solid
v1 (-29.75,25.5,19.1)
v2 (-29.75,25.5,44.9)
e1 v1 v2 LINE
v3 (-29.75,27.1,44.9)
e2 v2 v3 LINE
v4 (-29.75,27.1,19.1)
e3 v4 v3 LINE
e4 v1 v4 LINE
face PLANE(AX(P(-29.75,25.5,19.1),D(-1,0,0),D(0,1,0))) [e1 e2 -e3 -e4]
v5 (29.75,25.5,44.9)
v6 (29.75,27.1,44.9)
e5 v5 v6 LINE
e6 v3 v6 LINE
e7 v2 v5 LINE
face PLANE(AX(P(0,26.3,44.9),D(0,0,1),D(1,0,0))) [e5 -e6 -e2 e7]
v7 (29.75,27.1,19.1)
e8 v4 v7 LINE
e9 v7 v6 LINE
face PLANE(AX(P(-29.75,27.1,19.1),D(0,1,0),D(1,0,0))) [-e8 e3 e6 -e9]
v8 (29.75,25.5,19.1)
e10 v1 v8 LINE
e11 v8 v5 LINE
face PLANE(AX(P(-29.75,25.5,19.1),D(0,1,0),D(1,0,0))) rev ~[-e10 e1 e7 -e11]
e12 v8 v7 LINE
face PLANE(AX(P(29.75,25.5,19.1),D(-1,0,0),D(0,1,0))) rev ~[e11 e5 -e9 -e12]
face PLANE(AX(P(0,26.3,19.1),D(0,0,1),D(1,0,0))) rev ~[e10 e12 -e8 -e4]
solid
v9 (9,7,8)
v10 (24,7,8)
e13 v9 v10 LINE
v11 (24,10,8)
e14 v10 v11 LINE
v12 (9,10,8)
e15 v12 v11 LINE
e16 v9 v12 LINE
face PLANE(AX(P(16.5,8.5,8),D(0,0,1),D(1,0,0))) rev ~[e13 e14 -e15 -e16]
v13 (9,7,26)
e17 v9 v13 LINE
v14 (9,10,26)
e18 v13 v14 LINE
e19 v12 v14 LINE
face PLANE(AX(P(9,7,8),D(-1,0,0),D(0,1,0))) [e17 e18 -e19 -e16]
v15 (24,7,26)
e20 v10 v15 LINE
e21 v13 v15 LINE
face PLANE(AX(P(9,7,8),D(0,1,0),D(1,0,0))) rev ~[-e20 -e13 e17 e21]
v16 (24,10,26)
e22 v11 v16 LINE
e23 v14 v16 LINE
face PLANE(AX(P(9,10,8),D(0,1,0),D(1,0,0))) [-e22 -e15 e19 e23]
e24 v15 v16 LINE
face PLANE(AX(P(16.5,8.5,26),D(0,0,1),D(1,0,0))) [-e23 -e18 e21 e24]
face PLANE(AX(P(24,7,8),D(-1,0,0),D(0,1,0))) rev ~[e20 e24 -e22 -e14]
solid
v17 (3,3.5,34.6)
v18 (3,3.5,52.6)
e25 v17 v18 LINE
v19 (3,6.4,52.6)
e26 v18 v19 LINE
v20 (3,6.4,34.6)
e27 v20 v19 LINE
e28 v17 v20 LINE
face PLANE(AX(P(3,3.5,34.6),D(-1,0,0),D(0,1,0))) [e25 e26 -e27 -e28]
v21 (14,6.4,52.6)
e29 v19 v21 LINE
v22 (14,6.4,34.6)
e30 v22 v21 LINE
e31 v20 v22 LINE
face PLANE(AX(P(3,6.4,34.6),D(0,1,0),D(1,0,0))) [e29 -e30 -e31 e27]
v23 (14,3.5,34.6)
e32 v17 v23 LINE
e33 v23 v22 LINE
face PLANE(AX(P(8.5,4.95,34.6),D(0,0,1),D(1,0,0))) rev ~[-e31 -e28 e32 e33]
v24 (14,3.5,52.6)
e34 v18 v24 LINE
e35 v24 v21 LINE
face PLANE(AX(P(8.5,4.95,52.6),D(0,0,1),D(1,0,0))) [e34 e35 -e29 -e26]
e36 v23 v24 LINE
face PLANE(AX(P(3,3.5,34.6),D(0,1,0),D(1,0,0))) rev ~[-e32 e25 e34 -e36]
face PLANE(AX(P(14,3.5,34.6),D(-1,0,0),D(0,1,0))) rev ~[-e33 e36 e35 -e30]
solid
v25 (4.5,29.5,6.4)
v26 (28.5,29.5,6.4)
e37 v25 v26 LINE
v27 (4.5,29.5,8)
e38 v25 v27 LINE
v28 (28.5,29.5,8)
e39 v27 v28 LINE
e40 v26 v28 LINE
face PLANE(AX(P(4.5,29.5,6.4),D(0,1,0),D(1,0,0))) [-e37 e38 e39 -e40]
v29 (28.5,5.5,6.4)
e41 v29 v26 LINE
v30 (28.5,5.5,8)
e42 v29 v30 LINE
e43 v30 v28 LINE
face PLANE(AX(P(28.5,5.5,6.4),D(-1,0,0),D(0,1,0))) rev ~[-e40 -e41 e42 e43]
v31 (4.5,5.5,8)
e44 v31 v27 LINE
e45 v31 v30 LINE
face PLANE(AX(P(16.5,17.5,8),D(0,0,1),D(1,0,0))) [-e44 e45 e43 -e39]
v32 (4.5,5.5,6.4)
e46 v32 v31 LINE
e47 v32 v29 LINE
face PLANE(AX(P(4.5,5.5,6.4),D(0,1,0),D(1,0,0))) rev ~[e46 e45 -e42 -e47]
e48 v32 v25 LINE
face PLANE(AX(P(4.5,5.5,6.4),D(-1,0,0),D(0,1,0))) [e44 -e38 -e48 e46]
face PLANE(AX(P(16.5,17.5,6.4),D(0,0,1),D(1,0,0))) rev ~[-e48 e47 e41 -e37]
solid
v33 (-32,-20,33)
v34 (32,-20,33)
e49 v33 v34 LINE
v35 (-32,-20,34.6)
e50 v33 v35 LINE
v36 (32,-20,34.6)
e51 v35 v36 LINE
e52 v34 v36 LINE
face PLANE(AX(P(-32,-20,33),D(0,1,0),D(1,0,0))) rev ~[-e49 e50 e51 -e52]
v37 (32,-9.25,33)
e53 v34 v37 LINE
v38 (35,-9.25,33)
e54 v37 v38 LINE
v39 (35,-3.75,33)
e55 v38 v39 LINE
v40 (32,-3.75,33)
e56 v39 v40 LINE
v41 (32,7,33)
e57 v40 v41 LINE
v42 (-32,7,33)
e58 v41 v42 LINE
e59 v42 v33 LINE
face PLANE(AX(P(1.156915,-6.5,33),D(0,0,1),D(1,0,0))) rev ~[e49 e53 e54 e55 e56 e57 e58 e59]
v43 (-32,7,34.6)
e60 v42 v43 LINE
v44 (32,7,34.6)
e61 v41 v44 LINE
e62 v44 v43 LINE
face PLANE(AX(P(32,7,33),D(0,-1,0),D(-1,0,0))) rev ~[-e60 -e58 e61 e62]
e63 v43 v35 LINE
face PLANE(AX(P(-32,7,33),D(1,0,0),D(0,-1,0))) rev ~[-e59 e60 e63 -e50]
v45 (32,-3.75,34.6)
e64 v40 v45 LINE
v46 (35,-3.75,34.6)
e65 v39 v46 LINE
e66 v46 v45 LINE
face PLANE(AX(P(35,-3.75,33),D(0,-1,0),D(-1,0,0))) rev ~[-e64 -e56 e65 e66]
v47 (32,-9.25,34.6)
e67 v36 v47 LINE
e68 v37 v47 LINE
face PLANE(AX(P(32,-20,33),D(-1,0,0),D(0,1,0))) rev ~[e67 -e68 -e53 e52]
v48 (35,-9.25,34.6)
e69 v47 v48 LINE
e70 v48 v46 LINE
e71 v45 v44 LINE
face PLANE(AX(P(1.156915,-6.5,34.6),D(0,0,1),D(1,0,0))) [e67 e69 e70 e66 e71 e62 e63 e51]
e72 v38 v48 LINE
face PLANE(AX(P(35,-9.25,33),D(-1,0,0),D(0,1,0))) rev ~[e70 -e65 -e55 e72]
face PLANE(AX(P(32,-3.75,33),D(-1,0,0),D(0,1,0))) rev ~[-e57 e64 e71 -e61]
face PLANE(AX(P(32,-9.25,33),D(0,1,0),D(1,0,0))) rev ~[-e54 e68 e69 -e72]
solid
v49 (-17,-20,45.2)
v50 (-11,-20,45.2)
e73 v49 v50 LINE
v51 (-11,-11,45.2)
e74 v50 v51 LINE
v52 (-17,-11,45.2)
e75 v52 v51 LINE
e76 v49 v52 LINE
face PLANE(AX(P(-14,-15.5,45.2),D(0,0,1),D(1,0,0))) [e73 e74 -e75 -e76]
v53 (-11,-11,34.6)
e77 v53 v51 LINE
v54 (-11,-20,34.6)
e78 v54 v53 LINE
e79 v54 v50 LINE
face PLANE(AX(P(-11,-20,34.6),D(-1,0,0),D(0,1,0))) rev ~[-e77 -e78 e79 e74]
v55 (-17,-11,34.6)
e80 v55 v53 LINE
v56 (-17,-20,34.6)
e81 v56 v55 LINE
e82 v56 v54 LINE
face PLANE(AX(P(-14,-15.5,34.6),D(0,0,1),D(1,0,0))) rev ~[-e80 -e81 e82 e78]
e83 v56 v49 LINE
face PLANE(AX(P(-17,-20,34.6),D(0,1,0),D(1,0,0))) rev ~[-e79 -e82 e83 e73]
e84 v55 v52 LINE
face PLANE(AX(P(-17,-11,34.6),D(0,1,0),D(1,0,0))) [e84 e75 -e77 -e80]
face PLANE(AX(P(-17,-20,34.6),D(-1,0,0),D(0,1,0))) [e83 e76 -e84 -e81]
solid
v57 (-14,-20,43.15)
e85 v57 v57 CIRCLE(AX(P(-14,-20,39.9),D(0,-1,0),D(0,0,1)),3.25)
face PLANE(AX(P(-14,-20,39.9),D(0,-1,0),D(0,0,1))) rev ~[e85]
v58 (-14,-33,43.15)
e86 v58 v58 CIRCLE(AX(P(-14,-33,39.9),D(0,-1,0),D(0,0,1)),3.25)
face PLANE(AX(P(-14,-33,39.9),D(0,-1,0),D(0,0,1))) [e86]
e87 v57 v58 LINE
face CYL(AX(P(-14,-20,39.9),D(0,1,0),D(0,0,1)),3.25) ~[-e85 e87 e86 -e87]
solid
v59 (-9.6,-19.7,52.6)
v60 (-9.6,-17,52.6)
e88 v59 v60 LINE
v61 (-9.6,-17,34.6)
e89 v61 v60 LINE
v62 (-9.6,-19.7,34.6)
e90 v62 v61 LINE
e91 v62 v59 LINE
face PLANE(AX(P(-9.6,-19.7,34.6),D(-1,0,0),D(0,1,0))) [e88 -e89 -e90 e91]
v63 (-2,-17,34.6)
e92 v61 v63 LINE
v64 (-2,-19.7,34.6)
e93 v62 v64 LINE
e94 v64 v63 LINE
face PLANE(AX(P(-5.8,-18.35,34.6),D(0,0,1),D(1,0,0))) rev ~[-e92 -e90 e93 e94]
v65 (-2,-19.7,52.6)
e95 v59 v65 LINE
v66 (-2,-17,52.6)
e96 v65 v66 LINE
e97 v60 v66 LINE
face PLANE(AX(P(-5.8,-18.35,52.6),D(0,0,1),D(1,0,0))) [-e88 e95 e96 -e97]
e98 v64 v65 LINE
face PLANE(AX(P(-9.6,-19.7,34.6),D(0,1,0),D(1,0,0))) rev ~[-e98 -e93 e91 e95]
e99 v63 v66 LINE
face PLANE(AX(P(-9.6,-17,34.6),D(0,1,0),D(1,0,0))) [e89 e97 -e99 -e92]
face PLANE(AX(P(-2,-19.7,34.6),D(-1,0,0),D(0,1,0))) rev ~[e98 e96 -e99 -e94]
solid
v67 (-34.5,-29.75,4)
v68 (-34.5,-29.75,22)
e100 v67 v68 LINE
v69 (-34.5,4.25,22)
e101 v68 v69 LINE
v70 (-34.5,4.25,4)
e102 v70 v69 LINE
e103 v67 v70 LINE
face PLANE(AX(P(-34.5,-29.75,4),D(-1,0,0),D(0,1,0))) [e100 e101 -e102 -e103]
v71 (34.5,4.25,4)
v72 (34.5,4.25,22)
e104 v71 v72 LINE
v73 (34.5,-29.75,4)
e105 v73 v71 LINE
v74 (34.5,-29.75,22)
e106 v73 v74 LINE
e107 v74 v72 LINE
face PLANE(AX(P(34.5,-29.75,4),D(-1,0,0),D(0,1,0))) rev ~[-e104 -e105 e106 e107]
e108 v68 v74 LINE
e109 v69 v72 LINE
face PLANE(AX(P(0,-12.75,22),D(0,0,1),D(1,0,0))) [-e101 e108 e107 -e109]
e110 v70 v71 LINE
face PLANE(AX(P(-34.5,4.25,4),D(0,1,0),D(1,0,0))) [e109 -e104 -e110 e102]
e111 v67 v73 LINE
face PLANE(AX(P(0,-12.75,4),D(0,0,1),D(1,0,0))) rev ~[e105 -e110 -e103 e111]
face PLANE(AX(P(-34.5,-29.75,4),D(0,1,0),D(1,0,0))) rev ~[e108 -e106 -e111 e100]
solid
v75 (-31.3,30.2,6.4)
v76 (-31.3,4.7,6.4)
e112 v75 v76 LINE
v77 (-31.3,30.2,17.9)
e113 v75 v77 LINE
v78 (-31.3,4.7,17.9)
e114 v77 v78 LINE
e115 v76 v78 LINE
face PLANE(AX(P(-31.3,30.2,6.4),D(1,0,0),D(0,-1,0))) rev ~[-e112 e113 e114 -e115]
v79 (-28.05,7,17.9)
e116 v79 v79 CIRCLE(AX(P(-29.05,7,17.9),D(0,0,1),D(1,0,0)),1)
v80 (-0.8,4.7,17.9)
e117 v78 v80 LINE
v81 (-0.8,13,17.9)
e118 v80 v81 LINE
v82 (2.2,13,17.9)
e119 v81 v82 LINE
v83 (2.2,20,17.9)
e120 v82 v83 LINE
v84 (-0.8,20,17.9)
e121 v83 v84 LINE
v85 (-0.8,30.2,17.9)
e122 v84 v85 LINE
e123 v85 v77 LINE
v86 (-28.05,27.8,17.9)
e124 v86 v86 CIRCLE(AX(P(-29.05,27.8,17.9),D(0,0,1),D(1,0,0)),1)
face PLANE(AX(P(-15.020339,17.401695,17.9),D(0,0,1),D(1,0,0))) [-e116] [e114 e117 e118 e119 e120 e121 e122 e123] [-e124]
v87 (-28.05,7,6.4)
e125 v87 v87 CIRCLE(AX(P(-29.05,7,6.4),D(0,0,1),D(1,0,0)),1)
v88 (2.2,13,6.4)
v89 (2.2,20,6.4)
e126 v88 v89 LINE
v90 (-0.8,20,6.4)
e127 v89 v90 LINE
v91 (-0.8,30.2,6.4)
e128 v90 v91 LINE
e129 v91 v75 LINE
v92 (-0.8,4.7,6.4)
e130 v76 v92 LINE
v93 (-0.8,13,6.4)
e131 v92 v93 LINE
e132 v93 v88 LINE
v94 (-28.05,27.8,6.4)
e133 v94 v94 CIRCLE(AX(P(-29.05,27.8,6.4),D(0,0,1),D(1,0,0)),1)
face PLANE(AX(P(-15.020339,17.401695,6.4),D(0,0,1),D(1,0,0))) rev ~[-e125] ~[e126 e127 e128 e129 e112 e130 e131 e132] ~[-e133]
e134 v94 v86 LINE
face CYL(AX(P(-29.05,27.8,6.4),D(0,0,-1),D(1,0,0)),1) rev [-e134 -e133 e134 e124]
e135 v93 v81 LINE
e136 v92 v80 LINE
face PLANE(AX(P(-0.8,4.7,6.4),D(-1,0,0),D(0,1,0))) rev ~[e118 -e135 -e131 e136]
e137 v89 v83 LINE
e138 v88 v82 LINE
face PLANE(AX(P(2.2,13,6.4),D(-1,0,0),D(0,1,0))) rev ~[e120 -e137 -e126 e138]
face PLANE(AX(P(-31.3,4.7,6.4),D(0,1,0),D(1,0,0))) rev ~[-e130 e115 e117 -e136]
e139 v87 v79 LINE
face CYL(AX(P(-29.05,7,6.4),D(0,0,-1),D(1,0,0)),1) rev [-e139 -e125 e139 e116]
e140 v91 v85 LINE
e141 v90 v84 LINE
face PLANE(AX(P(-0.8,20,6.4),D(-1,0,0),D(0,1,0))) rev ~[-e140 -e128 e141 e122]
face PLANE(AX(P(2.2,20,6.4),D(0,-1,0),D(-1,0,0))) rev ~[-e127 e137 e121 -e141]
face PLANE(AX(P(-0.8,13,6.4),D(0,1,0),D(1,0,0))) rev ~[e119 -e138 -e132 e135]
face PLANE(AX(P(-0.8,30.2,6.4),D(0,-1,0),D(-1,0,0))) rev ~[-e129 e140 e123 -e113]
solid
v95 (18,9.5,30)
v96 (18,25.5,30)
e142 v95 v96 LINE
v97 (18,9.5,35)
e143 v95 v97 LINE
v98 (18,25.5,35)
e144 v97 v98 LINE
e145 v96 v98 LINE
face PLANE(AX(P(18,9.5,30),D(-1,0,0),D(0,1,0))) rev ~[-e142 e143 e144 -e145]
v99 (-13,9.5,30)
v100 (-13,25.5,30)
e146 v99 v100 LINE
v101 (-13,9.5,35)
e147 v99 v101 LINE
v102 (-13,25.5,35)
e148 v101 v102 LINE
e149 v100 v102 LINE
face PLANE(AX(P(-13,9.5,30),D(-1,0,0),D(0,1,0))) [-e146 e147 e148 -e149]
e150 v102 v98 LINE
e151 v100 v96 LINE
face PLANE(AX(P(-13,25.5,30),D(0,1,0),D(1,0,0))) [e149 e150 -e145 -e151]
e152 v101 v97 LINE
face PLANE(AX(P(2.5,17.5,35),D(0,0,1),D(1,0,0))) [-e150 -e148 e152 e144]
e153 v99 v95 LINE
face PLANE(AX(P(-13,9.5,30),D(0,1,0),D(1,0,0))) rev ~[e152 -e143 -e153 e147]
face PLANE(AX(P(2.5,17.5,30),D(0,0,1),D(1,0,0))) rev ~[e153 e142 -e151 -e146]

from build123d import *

# Parameters (mm, degrees)
BATTERY_START                               = 4
BATTERY_HOLDER_69_X_34_X_18_PROFILE_W       = 69
BATTERY_HOLDER_69_X_34_X_18_PROFILE_H       = 34
BATTERY_HOLDER_69_X_34_X_18_DEPTH           = 18
YBX_START                                   = 6.4
YBX_BOARD_24_X_24_PROFILE_W                 = 24
YBX_BOARD_24_X_24_PROFILE_H                 = 24
YBX_BOARD_24_X_24_DEPTH                     = 1.6
YBX_START_2                                 = 8
YBX_JUMPER_ALLOWANCE_PROFILE_W              = 15
YBX_JUMPER_ALLOWANCE_PROFILE_H              = 3
YBX_JUMPER_ALLOWANCE_DEPTH                  = 18
GNSS_START                                  = 6.4
GNSS_11_5_MM_HIGH_3_MM_PROJECTION_2_R       = 1
GNSS_11_5_MM_HIGH_3_MM_PROJECTION_D2_DEPTH  = 11.5
POWER_START                                 = 19.1
POWER_BOARD_59_5_X_25_8_PROFILE_W           = 59.5
POWER_BOARD_59_5_X_25_8_PROFILE_H           = 1.6
POWER_BOARD_59_5_X_25_8_DEPTH               = 25.8
POWER_START_2                               = 30
POWER_HORIZONTAL_CONNECTOR_ALLOWANCE_PRO_W  = 31
POWER_HORIZONTAL_CONNECTOR_ALLOWANCE_PRO_H  = 16
POWER_HORIZONTAL_CONNECTOR_ALLOWANCE_DEPTH  = 5
EORA_START                                  = 33
EORA_64_X_27_TOP_PROJECTION_3_X_5_5_DEPTH   = 1.6
EORA_START_2                                = 34.6
EORA_ANTENNA_HOUSING_6_X_9_X_10_6_PROFIL_W  = 6
EORA_ANTENNA_HOUSING_6_X_9_X_10_6_PROFIL_H  = 9
EORA_ANTENNA_HOUSING_6_X_9_X_10_6_DEPTH     = 10.6
D6_5_ANTENNA_PASSAGE_GAUGE_LENGTH_2_R       = 3.25
D6_5_ANTENNA_PASSAGE_GAUGE_LENGTH_NOT_DEPTH = 13
EORA_JUMPER_ALLOWANCE_A_PROFILE_W           = 7.6
EORA_JUMPER_ALLOWANCE_A_PROFILE_H           = 2.7
EORA_JUMPER_ALLOWANCE_A_DEPTH               = 18
EORA_JUMPER_ALLOWANCE_B_PROFILE_W           = 11
EORA_JUMPER_ALLOWANCE_B_PROFILE_H           = 2.9
EORA_JUMPER_ALLOWANCE_B_DEPTH               = 18


with BuildPart() as part:
    # Battery holder 69 x 34 x 18 profile → Battery holder 69 x 34 x 18 (new body)
    with BuildSketch(Plane.XY.offset(BATTERY_START)):
        with Locations((0, -12.75)):
            Rectangle(BATTERY_HOLDER_69_X_34_X_18_PROFILE_W, BATTERY_HOLDER_69_X_34_X_18_PROFILE_H)
    extrude(amount=BATTERY_HOLDER_69_X_34_X_18_DEPTH)


with BuildPart() as body_2:
    # YBX board 24 x 24 profile → YBX board 24 x 24 (new body)
    with BuildSketch(Plane.XY.offset(YBX_START)):
        with Locations((16.5, 17.5)):
            Rectangle(YBX_BOARD_24_X_24_PROFILE_W, YBX_BOARD_24_X_24_PROFILE_H)
    extrude(amount=YBX_BOARD_24_X_24_DEPTH)


with BuildPart() as body_3:
    # YBX jumper allowance profile → YBX jumper allowance (new body)
    with BuildSketch(Plane.XY.offset(YBX_START_2)):
        with Locations((16.5, 8.5)):
            Rectangle(YBX_JUMPER_ALLOWANCE_PROFILE_W, YBX_JUMPER_ALLOWANCE_PROFILE_H)
    extrude(amount=YBX_JUMPER_ALLOWANCE_DEPTH)


with BuildPart() as body_4:
    # GNSS 11.5 mm high - 3 mm projection  2 → GNSS 11.5 mm high - 3 mm projection - D2 (new body)
    with BuildSketch(Plane.XY.offset(GNSS_START)):
        Polygon((-31.3, 4.7), (-0.8, 4.7), (-0.8, 13), (2.2, 13), (2.2, 20), (-0.8, 20), (-0.8, 30.2), (-31.3, 30.2), align=None)
        with Locations((-29.05, 7)):
            Circle(GNSS_11_5_MM_HIGH_3_MM_PROJECTION_2_R, mode=Mode.SUBTRACT)
        with Locations((-29.05, 27.8)):
            Circle(GNSS_11_5_MM_HIGH_3_MM_PROJECTION_2_R, mode=Mode.SUBTRACT)
    extrude(amount=GNSS_11_5_MM_HIGH_3_MM_PROJECTION_D2_DEPTH)


with BuildPart() as body_5:
    # Power board 59.5 x 25.8 profile → Power board 59.5 x 25.8 (new body)
    with BuildSketch(Plane.XY.offset(POWER_START)):
        with Locations((0, 26.3)):
            Rectangle(POWER_BOARD_59_5_X_25_8_PROFILE_W, POWER_BOARD_59_5_X_25_8_PROFILE_H)
    extrude(amount=POWER_BOARD_59_5_X_25_8_DEPTH)


with BuildPart() as body_6:
    # Power horizontal connector allowance profile → Power horizontal connector allowance (new body)
    with BuildSketch(Plane.XY.offset(POWER_START_2)):
        with Locations((2.5, 17.5)):
            Rectangle(POWER_HORIZONTAL_CONNECTOR_ALLOWANCE_PRO_W, POWER_HORIZONTAL_CONNECTOR_ALLOWANCE_PRO_H)
    extrude(amount=POWER_HORIZONTAL_CONNECTOR_ALLOWANCE_DEPTH)


with BuildPart() as body_7:
    # EoRa 64 x 27 - top projection 3 x 5.5 profile → EoRa 64 x 27 - top projection 3 x 5.5 (new body)
    with BuildSketch(Plane.XY.offset(EORA_START)):
        Polygon((-32, -20), (32, -20), (32, -9.25), (35, -9.25), (35, -3.75), (32, -3.75), (32, 7), (-32, 7), align=None)
    extrude(amount=EORA_64_X_27_TOP_PROJECTION_3_X_5_5_DEPTH)


with BuildPart() as body_8:
    # EoRa antenna housing 6 x 9 x 10.6 profile → EoRa antenna housing 6 x 9 x 10.6 (new body)
    with BuildSketch(Plane.XY.offset(EORA_START_2)):
        with Locations((-14, -15.5)):
            Rectangle(EORA_ANTENNA_HOUSING_6_X_9_X_10_6_PROFIL_W, EORA_ANTENNA_HOUSING_6_X_9_X_10_6_PROFIL_H)
    extrude(amount=EORA_ANTENNA_HOUSING_6_X_9_X_10_6_DEPTH)


with BuildPart() as body_9:
    # D6.5 antenna passage gauge - length  2 → D6.5 antenna passage gauge - length not (new body)
    with BuildSketch(Plane.XZ.offset(20)):
        with Locations(Location((-14, 39.9, 0), (0, 0, 90))):
            Circle(D6_5_ANTENNA_PASSAGE_GAUGE_LENGTH_2_R)
    extrude(amount=D6_5_ANTENNA_PASSAGE_GAUGE_LENGTH_NOT_DEPTH)


with BuildPart() as body_10:
    # EoRa jumper allowance A profile → EoRa jumper allowance A (new body)
    with BuildSketch(Plane.XY.offset(EORA_START_2)):
        with Locations((-5.8, -18.35)):
            Rectangle(EORA_JUMPER_ALLOWANCE_A_PROFILE_W, EORA_JUMPER_ALLOWANCE_A_PROFILE_H)
    extrude(amount=EORA_JUMPER_ALLOWANCE_A_DEPTH)


with BuildPart() as body_11:
    # EoRa jumper allowance B profile → EoRa jumper allowance B (new body)
    with BuildSketch(Plane.XY.offset(EORA_START_2)):
        with Locations((8.5, 4.95)):
            Rectangle(EORA_JUMPER_ALLOWANCE_B_PROFILE_W, EORA_JUMPER_ALLOWANCE_B_PROFILE_H)
    extrude(amount=EORA_JUMPER_ALLOWANCE_B_DEPTH)


solid = Compound([part.part, body_2.part, body_3.part, body_4.part, body_5.part, body_6.part, body_7.part, body_8.part, body_9.part, body_10.part, body_11.part])
